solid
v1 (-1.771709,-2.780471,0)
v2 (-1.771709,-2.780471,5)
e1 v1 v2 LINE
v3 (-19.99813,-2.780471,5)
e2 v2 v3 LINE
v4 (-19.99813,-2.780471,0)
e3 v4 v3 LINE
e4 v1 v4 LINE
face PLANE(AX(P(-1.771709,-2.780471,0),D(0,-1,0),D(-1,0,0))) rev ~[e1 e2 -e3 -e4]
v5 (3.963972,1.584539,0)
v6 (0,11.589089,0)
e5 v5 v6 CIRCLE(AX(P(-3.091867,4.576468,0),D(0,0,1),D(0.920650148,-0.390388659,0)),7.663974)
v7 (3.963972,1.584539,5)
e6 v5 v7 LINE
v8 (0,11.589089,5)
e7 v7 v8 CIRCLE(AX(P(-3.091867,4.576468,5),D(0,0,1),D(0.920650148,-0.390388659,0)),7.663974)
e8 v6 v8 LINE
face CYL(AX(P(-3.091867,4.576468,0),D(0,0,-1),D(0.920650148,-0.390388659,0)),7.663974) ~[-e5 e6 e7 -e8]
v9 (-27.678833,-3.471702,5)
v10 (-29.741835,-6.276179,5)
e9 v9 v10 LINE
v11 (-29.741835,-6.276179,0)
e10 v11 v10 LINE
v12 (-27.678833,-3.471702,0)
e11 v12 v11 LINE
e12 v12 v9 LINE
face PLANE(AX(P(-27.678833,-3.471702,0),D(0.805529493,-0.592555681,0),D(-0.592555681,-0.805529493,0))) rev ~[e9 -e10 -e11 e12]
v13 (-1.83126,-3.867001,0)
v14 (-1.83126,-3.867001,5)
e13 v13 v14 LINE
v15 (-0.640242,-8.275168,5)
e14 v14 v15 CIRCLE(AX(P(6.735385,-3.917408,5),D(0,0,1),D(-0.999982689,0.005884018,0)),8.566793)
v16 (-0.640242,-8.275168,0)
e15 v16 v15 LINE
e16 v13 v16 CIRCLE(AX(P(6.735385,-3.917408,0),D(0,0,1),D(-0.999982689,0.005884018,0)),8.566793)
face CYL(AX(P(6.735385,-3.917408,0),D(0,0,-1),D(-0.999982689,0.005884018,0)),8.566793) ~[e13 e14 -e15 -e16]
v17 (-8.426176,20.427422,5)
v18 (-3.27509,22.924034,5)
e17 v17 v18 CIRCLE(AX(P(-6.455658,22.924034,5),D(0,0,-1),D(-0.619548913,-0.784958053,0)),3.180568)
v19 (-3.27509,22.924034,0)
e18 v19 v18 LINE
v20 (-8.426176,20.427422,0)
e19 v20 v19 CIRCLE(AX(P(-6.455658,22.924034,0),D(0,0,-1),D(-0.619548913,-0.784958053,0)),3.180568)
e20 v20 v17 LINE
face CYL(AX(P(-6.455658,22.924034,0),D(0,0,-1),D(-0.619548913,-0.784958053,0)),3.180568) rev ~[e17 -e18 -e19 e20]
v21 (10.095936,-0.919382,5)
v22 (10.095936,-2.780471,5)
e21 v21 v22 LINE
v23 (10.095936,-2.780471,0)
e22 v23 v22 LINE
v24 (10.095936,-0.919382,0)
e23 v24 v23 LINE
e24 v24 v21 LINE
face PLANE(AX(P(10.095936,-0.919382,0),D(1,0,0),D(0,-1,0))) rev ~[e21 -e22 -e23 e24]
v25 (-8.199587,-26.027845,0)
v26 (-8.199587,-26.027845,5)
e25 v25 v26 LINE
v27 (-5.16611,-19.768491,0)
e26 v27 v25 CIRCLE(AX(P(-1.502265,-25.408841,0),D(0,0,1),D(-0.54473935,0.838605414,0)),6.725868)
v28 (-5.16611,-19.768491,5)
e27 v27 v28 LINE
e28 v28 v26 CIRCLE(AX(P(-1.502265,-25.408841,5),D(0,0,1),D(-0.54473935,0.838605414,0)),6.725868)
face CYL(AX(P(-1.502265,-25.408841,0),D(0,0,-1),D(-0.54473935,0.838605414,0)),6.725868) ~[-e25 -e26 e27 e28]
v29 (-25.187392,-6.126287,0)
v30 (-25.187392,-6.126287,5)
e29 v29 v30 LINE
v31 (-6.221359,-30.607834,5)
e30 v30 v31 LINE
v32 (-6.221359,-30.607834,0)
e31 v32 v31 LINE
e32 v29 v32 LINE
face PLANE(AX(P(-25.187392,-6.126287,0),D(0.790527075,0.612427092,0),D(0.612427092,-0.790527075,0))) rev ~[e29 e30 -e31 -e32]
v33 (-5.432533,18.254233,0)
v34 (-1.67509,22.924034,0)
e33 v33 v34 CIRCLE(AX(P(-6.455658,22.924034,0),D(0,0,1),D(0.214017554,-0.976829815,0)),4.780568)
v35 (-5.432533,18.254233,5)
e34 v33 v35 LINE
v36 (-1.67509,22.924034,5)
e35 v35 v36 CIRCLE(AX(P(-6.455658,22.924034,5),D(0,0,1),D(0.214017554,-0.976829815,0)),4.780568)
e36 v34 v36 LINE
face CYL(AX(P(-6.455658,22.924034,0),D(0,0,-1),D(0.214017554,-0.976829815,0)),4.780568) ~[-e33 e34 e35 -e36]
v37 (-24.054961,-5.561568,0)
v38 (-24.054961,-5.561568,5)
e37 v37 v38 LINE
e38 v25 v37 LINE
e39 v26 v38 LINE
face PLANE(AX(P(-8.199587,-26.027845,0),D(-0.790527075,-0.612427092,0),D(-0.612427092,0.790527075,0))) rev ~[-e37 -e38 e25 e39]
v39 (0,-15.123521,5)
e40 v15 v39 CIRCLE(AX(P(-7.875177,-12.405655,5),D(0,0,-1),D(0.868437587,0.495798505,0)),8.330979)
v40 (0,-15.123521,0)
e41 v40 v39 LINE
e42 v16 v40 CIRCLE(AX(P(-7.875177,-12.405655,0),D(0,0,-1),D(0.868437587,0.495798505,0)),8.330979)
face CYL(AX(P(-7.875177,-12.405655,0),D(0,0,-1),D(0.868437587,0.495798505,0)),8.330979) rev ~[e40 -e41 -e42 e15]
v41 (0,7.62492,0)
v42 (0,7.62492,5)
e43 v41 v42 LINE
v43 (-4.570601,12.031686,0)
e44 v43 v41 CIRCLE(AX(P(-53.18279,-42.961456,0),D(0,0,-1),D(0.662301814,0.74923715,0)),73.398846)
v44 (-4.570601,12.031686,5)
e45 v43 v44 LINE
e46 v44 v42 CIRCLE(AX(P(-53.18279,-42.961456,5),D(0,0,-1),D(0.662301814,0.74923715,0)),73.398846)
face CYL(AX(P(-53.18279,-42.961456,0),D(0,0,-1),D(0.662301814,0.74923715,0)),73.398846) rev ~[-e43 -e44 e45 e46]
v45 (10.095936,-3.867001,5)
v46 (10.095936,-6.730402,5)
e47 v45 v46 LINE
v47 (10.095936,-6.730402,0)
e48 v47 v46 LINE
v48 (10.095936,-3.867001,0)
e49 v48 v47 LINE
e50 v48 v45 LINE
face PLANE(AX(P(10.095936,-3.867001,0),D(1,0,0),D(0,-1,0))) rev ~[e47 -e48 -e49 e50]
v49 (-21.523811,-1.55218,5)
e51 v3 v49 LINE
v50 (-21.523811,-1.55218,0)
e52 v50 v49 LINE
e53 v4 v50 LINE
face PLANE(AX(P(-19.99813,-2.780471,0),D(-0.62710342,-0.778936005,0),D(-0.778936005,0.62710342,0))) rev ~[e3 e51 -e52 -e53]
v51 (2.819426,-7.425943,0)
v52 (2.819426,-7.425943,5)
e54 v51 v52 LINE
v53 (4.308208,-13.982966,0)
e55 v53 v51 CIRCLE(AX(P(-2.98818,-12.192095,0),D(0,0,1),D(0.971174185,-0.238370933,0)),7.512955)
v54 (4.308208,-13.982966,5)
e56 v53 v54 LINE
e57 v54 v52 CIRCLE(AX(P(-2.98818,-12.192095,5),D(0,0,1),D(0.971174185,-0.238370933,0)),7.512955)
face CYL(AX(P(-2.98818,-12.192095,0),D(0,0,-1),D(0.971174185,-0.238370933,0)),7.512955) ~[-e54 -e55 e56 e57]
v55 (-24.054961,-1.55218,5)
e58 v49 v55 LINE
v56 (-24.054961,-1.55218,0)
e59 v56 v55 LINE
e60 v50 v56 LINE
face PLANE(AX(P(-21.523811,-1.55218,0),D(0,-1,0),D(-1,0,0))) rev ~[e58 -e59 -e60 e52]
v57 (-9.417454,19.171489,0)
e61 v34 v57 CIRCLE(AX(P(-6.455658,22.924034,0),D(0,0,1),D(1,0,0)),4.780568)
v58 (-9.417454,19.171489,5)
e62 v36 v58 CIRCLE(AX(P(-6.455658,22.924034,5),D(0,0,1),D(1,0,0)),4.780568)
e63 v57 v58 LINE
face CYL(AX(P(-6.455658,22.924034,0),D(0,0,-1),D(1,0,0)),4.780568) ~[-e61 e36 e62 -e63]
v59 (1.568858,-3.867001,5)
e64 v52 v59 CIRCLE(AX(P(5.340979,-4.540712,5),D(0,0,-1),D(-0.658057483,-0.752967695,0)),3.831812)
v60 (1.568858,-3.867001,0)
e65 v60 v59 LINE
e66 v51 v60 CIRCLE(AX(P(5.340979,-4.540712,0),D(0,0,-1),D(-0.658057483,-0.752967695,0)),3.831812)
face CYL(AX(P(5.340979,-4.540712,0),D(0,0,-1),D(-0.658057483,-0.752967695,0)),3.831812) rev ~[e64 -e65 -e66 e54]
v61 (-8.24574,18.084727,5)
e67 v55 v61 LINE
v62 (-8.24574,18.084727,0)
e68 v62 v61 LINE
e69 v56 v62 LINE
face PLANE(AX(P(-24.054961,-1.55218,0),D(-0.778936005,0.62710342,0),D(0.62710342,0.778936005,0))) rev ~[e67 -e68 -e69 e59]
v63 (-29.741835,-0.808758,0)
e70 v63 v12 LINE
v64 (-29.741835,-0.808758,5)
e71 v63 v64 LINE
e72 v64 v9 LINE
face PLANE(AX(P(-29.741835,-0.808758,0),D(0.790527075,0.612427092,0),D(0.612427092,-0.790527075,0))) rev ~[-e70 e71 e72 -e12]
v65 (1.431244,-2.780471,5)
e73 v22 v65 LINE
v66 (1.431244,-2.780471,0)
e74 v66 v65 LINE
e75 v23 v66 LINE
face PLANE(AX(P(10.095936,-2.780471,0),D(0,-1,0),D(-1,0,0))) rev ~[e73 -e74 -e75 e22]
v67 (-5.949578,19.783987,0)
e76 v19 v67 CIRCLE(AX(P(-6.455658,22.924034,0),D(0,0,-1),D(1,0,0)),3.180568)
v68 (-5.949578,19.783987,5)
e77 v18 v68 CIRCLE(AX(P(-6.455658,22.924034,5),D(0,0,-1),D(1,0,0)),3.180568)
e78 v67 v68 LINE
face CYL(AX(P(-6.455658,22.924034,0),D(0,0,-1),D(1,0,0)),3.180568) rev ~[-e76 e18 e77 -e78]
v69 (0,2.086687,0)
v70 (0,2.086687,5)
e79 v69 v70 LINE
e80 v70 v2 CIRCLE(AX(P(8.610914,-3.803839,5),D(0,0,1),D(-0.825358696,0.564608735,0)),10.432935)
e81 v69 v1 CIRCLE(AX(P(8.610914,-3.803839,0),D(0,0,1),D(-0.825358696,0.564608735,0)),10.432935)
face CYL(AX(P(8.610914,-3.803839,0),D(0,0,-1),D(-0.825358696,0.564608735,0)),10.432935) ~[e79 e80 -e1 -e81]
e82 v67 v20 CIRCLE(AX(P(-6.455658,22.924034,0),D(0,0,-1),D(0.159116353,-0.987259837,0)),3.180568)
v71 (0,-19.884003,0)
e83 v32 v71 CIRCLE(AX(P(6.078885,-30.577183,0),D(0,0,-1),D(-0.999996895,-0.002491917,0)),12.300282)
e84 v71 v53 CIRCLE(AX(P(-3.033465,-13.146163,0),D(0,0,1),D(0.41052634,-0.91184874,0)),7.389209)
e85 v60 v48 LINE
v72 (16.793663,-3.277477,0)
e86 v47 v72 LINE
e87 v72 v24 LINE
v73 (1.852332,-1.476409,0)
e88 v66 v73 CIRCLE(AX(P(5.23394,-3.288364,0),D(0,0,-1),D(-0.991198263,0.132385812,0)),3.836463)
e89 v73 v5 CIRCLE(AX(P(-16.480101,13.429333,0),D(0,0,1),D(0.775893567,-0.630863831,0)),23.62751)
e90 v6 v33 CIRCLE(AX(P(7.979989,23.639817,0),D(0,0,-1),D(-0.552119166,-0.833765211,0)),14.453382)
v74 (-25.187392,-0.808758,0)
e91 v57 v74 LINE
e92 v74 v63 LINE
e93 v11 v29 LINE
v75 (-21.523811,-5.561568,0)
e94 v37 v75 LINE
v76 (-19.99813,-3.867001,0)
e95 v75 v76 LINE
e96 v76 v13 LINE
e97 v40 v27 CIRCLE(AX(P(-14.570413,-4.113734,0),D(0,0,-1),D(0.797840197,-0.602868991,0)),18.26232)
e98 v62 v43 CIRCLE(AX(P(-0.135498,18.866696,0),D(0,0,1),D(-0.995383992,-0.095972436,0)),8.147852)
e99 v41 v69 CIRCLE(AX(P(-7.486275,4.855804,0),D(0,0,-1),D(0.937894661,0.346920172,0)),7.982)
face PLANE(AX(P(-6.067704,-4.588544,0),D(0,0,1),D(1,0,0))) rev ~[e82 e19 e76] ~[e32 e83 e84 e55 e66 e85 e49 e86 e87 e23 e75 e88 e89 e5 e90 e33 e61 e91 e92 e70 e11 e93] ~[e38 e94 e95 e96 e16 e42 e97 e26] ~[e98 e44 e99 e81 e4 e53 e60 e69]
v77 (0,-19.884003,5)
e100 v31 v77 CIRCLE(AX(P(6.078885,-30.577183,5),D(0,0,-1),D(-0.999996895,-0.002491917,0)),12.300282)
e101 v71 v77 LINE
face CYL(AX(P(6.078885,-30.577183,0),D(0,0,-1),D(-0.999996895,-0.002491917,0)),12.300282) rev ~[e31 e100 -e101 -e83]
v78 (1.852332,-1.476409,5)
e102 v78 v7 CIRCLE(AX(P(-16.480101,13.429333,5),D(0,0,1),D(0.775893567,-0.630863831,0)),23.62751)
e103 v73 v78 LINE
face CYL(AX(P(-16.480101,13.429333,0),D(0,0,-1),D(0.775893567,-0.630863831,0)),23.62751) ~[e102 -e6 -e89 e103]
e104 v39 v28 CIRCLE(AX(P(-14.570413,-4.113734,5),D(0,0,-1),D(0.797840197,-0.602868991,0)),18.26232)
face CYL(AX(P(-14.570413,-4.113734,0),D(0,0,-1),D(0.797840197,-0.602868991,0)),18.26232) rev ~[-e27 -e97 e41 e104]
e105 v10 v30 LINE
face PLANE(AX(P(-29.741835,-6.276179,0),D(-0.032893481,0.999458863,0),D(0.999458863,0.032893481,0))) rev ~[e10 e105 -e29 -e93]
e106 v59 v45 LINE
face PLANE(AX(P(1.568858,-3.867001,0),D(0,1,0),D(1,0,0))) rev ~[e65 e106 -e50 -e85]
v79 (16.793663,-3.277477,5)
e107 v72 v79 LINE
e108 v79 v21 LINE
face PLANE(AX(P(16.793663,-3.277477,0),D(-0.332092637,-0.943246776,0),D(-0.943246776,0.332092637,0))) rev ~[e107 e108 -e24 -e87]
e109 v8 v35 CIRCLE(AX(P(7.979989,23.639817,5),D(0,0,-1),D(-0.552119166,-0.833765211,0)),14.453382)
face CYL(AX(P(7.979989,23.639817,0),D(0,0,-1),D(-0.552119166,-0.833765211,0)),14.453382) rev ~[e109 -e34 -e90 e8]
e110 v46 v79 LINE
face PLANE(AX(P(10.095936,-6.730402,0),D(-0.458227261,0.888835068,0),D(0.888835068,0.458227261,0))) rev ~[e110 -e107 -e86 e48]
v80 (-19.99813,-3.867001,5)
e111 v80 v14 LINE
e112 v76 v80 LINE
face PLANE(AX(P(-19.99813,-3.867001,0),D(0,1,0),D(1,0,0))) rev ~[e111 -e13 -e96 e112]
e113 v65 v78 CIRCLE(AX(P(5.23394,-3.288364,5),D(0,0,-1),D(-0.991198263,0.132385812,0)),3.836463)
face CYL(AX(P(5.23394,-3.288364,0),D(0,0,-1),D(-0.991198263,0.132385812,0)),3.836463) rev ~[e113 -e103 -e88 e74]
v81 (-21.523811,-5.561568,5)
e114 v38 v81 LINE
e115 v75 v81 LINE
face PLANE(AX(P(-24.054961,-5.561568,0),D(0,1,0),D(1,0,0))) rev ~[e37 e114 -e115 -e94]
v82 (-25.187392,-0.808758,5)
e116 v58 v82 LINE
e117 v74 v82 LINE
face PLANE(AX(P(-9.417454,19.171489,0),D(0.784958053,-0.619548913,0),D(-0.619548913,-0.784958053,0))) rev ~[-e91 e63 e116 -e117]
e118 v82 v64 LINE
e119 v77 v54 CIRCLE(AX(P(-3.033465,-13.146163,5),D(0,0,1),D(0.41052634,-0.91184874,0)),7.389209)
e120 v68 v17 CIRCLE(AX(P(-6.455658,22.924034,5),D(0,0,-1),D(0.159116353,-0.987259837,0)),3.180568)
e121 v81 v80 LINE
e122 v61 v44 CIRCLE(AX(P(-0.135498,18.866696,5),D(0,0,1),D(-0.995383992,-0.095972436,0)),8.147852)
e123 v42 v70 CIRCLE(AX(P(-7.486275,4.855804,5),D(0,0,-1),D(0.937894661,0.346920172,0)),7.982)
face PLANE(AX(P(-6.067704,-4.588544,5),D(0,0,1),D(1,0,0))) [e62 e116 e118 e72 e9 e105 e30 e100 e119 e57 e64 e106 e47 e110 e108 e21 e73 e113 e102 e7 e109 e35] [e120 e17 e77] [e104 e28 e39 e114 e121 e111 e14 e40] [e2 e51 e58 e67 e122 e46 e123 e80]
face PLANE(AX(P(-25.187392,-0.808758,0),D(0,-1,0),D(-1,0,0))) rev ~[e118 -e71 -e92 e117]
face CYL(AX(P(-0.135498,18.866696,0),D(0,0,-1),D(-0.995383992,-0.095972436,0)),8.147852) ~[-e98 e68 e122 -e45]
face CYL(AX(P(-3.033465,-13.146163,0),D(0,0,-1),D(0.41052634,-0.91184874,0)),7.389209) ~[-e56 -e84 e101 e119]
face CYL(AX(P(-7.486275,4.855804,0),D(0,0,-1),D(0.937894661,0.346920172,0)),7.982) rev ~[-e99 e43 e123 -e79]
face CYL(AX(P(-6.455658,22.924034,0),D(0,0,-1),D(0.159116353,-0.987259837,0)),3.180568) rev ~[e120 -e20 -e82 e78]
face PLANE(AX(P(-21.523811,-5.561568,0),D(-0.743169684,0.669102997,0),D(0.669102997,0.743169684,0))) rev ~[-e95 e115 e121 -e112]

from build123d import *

# Parameters (mm, degrees)
F1_DEPTH = 5


with BuildPart() as f1:
    # F0 (on Top) → F1 (new body)
    with BuildSketch(Plane.XY):
        with BuildLine():
            Line((10.0959362462, -2.78047094), (1.4312440762, -2.78047094))
            ThreePointArc((1.4312440762, -2.78047094), (1.5830909584, -2.1094863342), (1.8523323815, -1.4764090301))
            ThreePointArc((1.8523323815, -1.4764090301), (2.9684648214, 0.0124575871), (3.9639719762, 1.5845393064))
            ThreePointArc((3.9639719762, 1.5845393064), (4.0332112114, 7.3995444871), (0, 11.5890894085))
            ThreePointArc((0, 11.5890894085), (-3.2233993412, 14.5083140646), (-5.432532567, 18.2542326832))
            ThreePointArc((-5.432532567, 18.2542326832), (-7.5280154085, 18.2652916974), (-9.4174538466, 19.1714887123))
            Line((-9.4174538466, 19.1714887123), (-25.1873922735, -0.8087580443))
            Line((-25.1873922735, -0.8087580443), (-29.7418348491, -0.8087580443))
            Line((-29.7418348491, -0.8087580443), (-27.6788328688, -3.4717018326))
            Line((-27.6788328688, -3.4717018326), (-29.7418348491, -6.276179105))
            Line((-29.7418348491, -6.276179105), (-25.1873922735, -6.126286524))
            Line((-25.1873922735, -6.126286524), (-6.2213586643, -30.6078342255))
            ThreePointArc((-6.2213586643, -30.6078342255), (-4.560580683, -24.4047682191), (0, -19.8840033263))
            ThreePointArc((0, -19.8840033263), (2.9344857311, -17.5032226211), (4.3082083575, -13.9829656109))
            ThreePointArc((4.3082083575, -13.9829656109), (4.3382996894, -10.5286068191), (2.8194261249, -7.4259429239))
            ThreePointArc((2.8194261249, -7.4259429239), (1.7258578768, -5.8110212349), (1.5688576968, -3.8670010399))
            Line((1.5688576968, -3.8670010399), (10.0959362462, -3.8670010399))
            Line((10.0959362462, -3.8670010399), (10.0959362462, -6.7304023542))
            Line((10.0959362462, -6.7304023542), (16.7936626822, -3.2774773426))
            Line((16.7936626822, -3.2774773426), (10.0959362462, -0.9193822043))
            Line((10.0959362462, -0.9193822043), (10.0959362462, -2.78047094))
        make_face()
        with BuildLine():
            Line((-19.9981296913, -3.8670010399), (-1.8312596949, -3.8670010399))
            ThreePointArc((-1.8312596949, -3.8670010399), (-1.5348622468, -6.1518997781), (-0.6402418367, -8.2751680166))
            ThreePointArc((-0.6402418367, -8.2751680166), (0.4196320306, -11.6301861478), (0, -15.1235209778))
            ThreePointArc((0, -15.1235209778), (-2.3601430039, -17.693927442), (-5.1661096513, -19.7684913874))
            ThreePointArc((-5.1661096513, -19.7684913874), (-7.5548118385, -22.4755877402), (-8.1995874643, -26.0278452188))
            Line((-8.1995874643, -26.0278452188), (-24.0549614981, -5.5615683086))
            Line((-24.0549614981, -5.5615683086), (-21.5238109231, -5.5615683086))
            Line((-21.5238109231, -5.5615683086), (-19.9981296913, -3.8670010399))
        make_face(mode=Mode.SUBTRACT)
        with BuildLine():
            Line((-24.0549614981, -1.5521801542), (-8.2457400858, 18.0847272277))
            ThreePointArc((-8.2457400858, 18.0847272277), (-7.1001406369, 14.6380731879), (-4.5706010424, 12.0316864923))
            ThreePointArc((-4.5706010424, 12.0316864923), (-2.2376299553, 9.8777463399), (0, 7.6249204576))
            ThreePointArc((0, 7.6249204576), (0.4957247926, 4.8558037961), (0, 2.0866871346))
            ThreePointArc((0, 2.0866871346), (-1.192703618, -0.235194817), (-1.7717089504, -2.78047094))
            Line((-1.7717089504, -2.78047094), (-19.9981296913, -2.78047094))
            Line((-19.9981296913, -2.78047094), (-21.5238109231, -1.5521801542))
            Line((-21.5238109231, -1.5521801542), (-24.0549614981, -1.5521801542))
        make_face(mode=Mode.SUBTRACT)
        with BuildLine():
            ThreePointArc((-9.4174538466, 19.1714887123), (-7.5280154085, 18.2652916974), (-5.432532567, 18.2542326832))
            ThreePointArc((-5.432532567, 18.2542326832), (-5.7124353371, 19.0118834924), (-5.9495776619, 19.7839870004))
            ThreePointArc((-5.9495776619, 19.7839870004), (-7.2554368064, 19.8456632442), (-8.4261755789, 20.4274216053))
            Line((-8.4261755789, 20.4274216053), (-9.4174538466, 19.1714887123))
        make_face()
        with BuildLine():
            ThreePointArc((-5.9495776619, 19.7839870004), (-5.7124353371, 19.0118834924), (-5.432532567, 18.2542326832))
            ThreePointArc((-5.432532567, 18.2542326832), (-2.7310807222, 19.9271432303), (-1.6750899376, 22.9240341578))
            ThreePointArc((-1.6750899376, 22.9240341578), (-8.54069584, 27.2259464134), (-9.4174538466, 19.1714887123))
            Line((-9.4174538466, 19.1714887123), (-8.4261755789, 20.4274216053))
            ThreePointArc((-8.4261755789, 20.4274216053), (-7.842858181, 25.7861469003), (-3.2750899489, 22.9240341578))
            ThreePointArc((-3.2750899489, 22.9240341578), (-4.0343323192, 20.8617065481), (-5.9495776619, 19.7839870004))
        make_face()
    extrude(amount=F1_DEPTH)


solid = f1.part
